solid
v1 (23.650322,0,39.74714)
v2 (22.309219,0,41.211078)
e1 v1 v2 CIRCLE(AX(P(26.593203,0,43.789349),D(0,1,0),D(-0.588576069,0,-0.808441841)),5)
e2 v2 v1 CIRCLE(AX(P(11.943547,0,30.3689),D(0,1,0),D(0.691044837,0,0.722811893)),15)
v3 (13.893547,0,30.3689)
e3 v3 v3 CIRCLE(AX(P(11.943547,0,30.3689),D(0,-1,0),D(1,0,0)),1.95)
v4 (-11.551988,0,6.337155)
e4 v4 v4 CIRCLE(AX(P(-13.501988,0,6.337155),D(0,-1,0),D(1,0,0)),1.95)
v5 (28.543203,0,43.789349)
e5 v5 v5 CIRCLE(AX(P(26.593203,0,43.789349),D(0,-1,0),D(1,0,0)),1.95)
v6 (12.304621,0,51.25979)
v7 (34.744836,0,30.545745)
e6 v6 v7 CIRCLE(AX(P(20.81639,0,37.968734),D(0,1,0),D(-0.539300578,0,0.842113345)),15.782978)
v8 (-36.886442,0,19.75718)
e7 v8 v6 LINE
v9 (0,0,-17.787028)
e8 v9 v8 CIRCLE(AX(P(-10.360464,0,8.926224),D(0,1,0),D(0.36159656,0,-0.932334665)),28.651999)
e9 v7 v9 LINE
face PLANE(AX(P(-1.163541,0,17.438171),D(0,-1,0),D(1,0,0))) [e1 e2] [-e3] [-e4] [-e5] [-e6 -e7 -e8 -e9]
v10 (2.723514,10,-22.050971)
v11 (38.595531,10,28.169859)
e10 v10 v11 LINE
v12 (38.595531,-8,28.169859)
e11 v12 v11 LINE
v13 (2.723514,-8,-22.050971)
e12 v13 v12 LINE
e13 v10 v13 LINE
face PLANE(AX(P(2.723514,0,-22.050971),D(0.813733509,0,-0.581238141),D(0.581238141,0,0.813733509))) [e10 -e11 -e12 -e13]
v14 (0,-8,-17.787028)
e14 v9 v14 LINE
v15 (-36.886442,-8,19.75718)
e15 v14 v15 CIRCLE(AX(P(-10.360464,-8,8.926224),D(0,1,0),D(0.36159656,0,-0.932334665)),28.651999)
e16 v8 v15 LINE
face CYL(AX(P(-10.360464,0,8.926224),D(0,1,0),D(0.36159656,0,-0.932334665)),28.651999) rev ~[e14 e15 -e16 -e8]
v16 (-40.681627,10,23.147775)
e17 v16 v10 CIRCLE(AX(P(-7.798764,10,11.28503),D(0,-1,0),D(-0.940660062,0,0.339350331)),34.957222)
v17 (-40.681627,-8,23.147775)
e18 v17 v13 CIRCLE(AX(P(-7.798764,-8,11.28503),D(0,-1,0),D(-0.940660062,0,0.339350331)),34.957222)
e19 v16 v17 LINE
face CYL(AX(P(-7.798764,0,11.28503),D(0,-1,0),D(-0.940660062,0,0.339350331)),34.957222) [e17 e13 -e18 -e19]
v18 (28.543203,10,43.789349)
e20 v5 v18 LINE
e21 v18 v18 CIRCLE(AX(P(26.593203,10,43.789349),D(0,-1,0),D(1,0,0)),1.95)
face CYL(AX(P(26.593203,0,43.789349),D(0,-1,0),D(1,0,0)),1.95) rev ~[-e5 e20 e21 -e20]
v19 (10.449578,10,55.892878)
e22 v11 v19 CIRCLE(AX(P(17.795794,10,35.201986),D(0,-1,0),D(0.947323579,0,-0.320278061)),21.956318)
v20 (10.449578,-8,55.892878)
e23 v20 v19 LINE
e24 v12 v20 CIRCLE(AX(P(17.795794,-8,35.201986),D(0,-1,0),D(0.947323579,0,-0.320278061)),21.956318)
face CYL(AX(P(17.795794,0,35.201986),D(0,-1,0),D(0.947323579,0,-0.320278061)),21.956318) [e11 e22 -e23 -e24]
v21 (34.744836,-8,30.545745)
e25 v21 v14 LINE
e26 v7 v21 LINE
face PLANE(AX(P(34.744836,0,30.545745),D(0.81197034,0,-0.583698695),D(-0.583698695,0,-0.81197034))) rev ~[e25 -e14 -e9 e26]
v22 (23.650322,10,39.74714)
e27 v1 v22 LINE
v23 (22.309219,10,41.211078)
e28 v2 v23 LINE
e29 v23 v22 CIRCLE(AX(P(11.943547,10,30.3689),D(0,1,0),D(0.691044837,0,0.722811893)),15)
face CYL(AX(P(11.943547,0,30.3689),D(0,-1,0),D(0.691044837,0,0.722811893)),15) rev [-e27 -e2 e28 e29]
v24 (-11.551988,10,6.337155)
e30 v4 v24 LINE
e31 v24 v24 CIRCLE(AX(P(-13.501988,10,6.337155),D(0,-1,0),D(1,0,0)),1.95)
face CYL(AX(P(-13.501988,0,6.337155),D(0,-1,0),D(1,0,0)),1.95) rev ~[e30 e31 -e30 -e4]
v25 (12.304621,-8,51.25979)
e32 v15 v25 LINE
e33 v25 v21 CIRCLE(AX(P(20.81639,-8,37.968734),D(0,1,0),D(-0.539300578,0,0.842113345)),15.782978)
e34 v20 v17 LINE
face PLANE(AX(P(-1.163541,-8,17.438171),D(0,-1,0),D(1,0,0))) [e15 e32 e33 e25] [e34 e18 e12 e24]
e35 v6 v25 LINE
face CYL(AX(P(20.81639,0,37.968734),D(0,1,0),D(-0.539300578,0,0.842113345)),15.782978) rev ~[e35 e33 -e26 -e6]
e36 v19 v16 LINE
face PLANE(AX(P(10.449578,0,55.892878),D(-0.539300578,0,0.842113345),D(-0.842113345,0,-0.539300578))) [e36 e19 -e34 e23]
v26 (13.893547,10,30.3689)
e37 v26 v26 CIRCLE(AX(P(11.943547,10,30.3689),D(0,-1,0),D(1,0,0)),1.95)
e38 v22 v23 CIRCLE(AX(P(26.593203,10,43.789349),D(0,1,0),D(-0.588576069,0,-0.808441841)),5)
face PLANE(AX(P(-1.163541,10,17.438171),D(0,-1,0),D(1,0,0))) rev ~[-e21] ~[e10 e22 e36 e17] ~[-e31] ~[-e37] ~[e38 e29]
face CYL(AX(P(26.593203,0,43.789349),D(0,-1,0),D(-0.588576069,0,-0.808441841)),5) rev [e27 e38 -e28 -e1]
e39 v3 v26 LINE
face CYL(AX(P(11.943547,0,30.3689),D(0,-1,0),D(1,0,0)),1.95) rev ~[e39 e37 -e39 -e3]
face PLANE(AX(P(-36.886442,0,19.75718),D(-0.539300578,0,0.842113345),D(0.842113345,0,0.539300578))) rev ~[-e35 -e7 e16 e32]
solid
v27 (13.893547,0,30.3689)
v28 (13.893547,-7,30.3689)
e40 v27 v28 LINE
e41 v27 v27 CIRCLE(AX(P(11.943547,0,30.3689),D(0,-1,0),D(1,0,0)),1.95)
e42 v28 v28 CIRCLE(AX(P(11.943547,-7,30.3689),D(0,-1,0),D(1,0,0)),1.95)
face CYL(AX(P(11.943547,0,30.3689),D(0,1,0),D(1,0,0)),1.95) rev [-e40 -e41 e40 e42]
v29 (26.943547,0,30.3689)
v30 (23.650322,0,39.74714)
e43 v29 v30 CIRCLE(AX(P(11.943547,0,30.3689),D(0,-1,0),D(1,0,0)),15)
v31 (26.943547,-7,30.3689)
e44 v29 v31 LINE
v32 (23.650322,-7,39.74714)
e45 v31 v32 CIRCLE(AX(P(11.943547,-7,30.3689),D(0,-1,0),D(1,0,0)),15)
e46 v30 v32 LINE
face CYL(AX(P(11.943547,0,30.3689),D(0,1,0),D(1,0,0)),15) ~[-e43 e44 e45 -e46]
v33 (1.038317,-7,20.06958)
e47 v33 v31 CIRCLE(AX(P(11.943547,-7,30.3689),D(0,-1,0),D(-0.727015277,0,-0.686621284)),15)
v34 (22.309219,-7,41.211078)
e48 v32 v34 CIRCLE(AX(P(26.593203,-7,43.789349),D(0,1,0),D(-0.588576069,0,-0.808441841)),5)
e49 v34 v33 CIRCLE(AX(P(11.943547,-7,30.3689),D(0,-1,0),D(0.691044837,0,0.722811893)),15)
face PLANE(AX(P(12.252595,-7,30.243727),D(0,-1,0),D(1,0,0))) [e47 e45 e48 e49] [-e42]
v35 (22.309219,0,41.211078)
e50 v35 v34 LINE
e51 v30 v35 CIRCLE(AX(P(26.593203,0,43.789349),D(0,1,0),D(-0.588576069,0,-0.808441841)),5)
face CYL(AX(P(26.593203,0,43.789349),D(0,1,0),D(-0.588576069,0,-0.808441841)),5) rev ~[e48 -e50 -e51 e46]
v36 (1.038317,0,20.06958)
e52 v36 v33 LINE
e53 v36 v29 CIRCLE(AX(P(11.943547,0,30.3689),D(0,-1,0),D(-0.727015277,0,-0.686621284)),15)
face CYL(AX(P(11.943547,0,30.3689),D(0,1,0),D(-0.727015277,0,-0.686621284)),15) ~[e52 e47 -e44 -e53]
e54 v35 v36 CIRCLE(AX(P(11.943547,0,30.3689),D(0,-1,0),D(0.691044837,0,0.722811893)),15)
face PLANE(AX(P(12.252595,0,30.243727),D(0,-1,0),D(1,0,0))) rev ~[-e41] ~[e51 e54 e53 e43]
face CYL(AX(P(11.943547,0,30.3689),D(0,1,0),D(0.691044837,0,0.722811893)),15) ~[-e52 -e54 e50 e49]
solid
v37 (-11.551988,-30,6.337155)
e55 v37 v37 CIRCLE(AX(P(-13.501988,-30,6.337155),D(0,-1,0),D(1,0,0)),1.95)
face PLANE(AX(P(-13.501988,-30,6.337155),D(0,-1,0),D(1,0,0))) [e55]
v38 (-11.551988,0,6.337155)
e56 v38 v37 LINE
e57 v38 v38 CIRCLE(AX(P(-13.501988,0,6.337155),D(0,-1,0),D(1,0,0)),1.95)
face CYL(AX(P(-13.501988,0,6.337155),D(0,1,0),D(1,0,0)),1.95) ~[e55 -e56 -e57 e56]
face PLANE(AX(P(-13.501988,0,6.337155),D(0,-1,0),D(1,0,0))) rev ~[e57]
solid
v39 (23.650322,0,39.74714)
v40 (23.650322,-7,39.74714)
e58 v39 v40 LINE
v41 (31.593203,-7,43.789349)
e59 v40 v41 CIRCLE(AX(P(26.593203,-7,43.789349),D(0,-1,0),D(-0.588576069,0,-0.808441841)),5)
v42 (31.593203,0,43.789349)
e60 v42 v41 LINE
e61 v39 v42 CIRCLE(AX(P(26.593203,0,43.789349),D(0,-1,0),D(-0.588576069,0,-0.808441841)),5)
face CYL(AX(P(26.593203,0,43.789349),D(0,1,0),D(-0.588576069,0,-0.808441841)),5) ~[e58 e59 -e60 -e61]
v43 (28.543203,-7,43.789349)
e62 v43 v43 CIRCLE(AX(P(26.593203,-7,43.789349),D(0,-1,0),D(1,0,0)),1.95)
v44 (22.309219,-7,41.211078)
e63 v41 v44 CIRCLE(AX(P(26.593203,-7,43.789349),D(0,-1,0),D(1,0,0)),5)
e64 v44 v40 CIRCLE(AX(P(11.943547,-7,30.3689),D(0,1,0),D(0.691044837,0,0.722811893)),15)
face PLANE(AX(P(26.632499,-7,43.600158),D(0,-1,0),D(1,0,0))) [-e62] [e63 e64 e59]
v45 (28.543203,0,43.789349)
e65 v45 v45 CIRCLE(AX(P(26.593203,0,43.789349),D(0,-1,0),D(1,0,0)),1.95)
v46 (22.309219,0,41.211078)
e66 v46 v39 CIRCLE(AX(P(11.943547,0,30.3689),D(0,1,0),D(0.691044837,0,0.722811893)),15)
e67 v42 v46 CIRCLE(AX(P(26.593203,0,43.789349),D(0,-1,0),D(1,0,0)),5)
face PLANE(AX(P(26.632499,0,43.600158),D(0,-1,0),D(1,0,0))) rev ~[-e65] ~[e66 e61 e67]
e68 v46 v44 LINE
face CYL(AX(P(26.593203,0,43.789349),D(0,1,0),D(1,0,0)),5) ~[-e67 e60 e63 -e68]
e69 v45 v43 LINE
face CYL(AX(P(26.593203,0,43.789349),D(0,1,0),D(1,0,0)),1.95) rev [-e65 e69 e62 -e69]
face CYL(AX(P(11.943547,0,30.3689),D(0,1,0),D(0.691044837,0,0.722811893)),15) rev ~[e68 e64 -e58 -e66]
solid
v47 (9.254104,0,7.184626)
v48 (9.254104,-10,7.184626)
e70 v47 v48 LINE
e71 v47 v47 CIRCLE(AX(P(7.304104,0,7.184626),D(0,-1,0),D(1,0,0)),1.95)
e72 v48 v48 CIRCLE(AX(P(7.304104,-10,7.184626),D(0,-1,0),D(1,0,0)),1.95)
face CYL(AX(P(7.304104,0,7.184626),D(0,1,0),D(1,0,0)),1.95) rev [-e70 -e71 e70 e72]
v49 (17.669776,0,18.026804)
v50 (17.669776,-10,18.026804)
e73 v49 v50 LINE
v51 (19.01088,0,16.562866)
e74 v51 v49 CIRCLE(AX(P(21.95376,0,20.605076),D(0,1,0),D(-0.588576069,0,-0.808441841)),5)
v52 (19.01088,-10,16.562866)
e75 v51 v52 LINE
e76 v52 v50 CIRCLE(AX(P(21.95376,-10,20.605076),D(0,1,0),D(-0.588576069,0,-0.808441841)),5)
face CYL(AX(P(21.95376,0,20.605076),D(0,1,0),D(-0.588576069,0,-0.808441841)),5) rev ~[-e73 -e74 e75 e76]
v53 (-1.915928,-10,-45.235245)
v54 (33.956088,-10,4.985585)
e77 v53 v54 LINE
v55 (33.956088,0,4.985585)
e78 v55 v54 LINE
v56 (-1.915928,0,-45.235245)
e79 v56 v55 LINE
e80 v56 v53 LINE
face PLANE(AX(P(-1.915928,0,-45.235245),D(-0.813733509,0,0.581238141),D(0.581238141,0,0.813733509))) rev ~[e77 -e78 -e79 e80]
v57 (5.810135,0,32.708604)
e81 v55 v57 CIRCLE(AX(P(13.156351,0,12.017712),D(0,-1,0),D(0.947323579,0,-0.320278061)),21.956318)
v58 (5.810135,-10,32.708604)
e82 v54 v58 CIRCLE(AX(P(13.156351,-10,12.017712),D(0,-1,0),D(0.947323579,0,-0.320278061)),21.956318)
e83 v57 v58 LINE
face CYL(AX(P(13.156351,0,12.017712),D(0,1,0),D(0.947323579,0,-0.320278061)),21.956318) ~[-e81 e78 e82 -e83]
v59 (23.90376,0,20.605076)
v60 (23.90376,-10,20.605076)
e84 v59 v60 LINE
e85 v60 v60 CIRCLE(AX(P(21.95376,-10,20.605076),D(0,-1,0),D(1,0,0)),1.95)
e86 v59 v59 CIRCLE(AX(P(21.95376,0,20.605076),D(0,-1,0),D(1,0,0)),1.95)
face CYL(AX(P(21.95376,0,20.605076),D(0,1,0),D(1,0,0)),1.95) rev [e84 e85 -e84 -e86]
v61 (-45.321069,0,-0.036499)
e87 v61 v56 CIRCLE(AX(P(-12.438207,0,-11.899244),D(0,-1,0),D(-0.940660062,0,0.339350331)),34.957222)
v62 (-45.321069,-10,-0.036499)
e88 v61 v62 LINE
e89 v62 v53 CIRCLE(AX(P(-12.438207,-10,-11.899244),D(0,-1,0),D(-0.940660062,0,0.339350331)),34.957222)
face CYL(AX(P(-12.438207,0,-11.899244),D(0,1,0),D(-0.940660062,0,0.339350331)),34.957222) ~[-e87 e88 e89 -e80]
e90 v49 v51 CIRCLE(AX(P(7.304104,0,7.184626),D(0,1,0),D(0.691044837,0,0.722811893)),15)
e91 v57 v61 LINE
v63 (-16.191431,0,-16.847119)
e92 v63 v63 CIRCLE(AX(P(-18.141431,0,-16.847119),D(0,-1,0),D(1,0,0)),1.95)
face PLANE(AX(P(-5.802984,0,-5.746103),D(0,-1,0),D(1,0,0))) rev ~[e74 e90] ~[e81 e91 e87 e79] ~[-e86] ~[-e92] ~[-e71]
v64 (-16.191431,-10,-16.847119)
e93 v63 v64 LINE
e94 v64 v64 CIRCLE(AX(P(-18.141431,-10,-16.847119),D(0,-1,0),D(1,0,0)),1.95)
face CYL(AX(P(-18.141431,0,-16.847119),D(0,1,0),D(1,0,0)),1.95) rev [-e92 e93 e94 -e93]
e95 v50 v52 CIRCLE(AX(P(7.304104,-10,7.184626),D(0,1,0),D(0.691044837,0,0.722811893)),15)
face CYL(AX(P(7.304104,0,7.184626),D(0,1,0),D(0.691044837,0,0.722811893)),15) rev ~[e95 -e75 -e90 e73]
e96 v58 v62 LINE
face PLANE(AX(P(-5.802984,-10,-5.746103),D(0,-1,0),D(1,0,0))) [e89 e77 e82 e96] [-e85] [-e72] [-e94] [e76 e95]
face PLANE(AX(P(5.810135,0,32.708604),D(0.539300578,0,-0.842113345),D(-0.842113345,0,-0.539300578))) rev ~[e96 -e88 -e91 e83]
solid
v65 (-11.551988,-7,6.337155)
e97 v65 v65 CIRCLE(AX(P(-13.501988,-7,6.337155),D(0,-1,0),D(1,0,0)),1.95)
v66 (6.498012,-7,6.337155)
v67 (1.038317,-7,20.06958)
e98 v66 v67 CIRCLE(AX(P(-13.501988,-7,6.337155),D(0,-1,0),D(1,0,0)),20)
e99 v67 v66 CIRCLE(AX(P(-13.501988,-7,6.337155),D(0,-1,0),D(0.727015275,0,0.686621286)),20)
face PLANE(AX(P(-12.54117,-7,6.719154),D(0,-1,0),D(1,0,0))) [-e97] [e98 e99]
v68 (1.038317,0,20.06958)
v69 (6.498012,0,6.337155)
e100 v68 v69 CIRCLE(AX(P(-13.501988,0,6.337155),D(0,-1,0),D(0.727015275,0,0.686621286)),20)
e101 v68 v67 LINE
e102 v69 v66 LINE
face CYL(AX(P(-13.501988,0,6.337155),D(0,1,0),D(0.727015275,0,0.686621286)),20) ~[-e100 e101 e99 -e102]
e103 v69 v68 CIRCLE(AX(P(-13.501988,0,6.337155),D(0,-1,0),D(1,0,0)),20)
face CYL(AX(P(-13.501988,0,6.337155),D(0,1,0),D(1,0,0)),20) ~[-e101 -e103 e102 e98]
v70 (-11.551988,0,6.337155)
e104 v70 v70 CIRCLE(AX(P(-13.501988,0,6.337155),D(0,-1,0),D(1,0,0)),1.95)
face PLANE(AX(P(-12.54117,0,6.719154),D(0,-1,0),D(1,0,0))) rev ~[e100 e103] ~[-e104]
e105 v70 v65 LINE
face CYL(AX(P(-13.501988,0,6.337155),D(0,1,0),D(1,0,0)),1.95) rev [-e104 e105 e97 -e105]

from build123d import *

# Parameters (mm, degrees)
F1_DEPTH = 8
F0_R     = 1.95
F2_DEPTH = 10
F3_R     = 1.95
F4_DEPTH = 10
F5_DEPTH = 30
F6_DEPTH = 7
F7_DEPTH = 7
F8_DEPTH = 7


with BuildPart() as f1:
    # F0 (on Front) → F1 (new body)
    with BuildSketch(Plane.XZ):
        with BuildLine():
            Line((10.4495781408, 55.8928779492), (-40.6816266477, 23.1477748603))
            ThreePointArc((-40.6816266477, 23.1477748603), (-33.0124627928, -12.9281223284), (2.7235143352, -22.0509711653))
            Line((2.7235143352, -22.0509711653), (38.5955311358, 28.1698592007))
            ThreePointArc((38.5955311358, 28.1698592007), (33.2032838752, 50.8445284722), (10.4495781408, 55.8928779492))
        make_face()
        with BuildLine():
            ThreePointArc((0, -17.7870281041), (-30.7987331987, -11.1539709039), (-36.8864415109, 19.7571795434))
            Line((-36.8864415109, 19.7571795434), (12.3046208173, 51.2597896159))
            ThreePointArc((12.3046208173, 51.2597896159), (31.5216693092, 49.5661200011), (34.74483639, 30.5457450449))
            Line((34.74483639, 30.5457450449), (0, -17.7870281041))
        make_face(mode=Mode.SUBTRACT)
    extrude(amount=F1_DEPTH)

    # F0 (on Front) → F2 (join)
    with BuildSketch(Plane.XZ):
        with BuildLine():
            Line((10.4495781408, 55.8928779492), (-40.6816266477, 23.1477748603))
            ThreePointArc((-40.6816266477, 23.1477748603), (-33.0124627928, -12.9281223284), (2.7235143352, -22.0509711653))
            Line((2.7235143352, -22.0509711653), (38.5955311358, 28.1698592007))
            ThreePointArc((38.5955311358, 28.1698592007), (33.2032838752, 50.8445284722), (10.4495781408, 55.8928779492))
        make_face()
        with BuildLine():
            ThreePointArc((0, -17.7870281041), (-30.7987331987, -11.1539709039), (-36.8864415109, 19.7571795434))
            Line((-36.8864415109, 19.7571795434), (12.3046208173, 51.2597896159))
            ThreePointArc((12.3046208173, 51.2597896159), (31.5216693092, 49.5661200011), (34.74483639, 30.5457450449))
            Line((34.74483639, 30.5457450449), (0, -17.7870281041))
        make_face(mode=Mode.SUBTRACT)
        with BuildLine():
            Line((12.3046208173, 51.2597896159), (-36.8864415109, 19.7571795434))
            ThreePointArc((-36.8864415109, 19.7571795434), (-30.7987331987, -11.1539709039), (0, -17.7870281041))
            Line((0, -17.7870281041), (34.74483639, 30.5457450449))
            ThreePointArc((34.74483639, 30.5457450449), (31.5216693092, 49.5661200011), (12.3046208173, 51.2597896159))
        make_face()
        with BuildLine():
            ThreePointArc((6.4980118465, 6.3371546272), (-32.0870104837, -1.0518199286), (1.0383173479, 20.0695803388))
            ThreePointArc((1.0383173479, 20.0695803388), (5.0830341767, 13.7261291829), (6.4980118465, 6.3371546272))
        make_face(mode=Mode.SUBTRACT)
        with BuildLine():
            ThreePointArc((22.3092190592, 41.2110779919), (25.2552786482, 48.6070210465), (31.5932027251, 43.7893494964))
            ThreePointArc((31.5932027251, 43.7893494964), (28.8609767731, 39.3332075701), (23.6503223783, 39.7471402904))
            ThreePointArc((23.6503223783, 39.7471402904), (26.0963136897, 35.338726645), (26.9435465019, 30.368899593))
            ThreePointArc((26.9435465019, 30.368899593), (17.4852773998, 16.4301328378), (1.0383173479, 20.0695803388))
            ThreePointArc((1.0383173479, 20.0695803388), (1.3693557014, 41.0078134903), (22.3092190592, 41.2110779919))
        make_face(mode=Mode.SUBTRACT)
        with BuildLine():
            ThreePointArc((23.6503223783, 39.7471402904), (22.9063789887, 40.4118754791), (22.3092190592, 41.2110779919))
            ThreePointArc((22.3092190592, 41.2110779919), (1.3693557014, 41.0078134903), (1.0383173479, 20.0695803388))
            ThreePointArc((1.0383173479, 20.0695803388), (17.4852773998, 16.4301328378), (26.9435465019, 30.368899593))
            ThreePointArc((26.9435465019, 30.368899593), (26.0963136897, 35.338726645), (23.6503223783, 39.7471402904))
        make_face()
        with Locations((11.9435465019, 30.368899593)):
            Circle(F0_R, mode=Mode.SUBTRACT)
        with BuildLine():
            ThreePointArc((6.4980118465, 6.3371546272), (5.0830341767, 13.7261291829), (1.0383173479, 20.0695803388))
            ThreePointArc((1.0383173479, 20.0695803388), (-32.0870104837, -1.0518199286), (6.4980118465, 6.3371546272))
        make_face()
        with Locations((-13.5019881535, 6.3371546272)):
            Circle(F0_R, mode=Mode.SUBTRACT)
        with BuildLine():
            ThreePointArc((23.6503223783, 39.7471402904), (28.8609767731, 39.3332075701), (31.5932027251, 43.7893494964))
            ThreePointArc((31.5932027251, 43.7893494964), (25.2552786482, 48.6070210465), (22.3092190592, 41.2110779919))
            ThreePointArc((22.3092190592, 41.2110779919), (23.0040177108, 40.5013216448), (23.6503223783, 39.7471402904))
        make_face()
        with Locations((26.5932027251, 43.7893494964)):
            Circle(F0_R, mode=Mode.SUBTRACT)
    extrude(amount=-F2_DEPTH)


with BuildPart() as f4:
    # F3 (on Front) → F4 (new body)
    with BuildSketch(Plane.XZ):
        with BuildLine():
            Line((5.8101353426, 32.7086040703), (-45.321069446, -0.0364990186))
            ThreePointArc((-45.321069446, -0.0364990186), (-37.6519055911, -36.1123962072), (-1.915928463, -45.2352450442))
            Line((-1.915928463, -45.2352450442), (33.9560883375, 4.9855853219))
            ThreePointArc((33.9560883375, 4.9855853219), (28.563841077, 27.6602545933), (5.8101353426, 32.7086040703))
        make_face()
        with BuildLine():
            ThreePointArc((-4.6394427983, -40.9713019829), (-35.438175997, -34.3382447827), (-41.5258843092, -3.4270943355))
            Line((-41.5258843092, -3.4270943355), (7.665178019, 28.075515737))
            ThreePointArc((7.665178019, 28.075515737), (26.8822265109, 26.3818461222), (30.1053935917, 7.3614711661))
            Line((30.1053935917, 7.3614711661), (-4.6394427983, -40.9713019829))
        make_face(mode=Mode.SUBTRACT)
        with BuildLine():
            Line((7.665178019, 28.075515737), (-41.5258843092, -3.4270943355))
            ThreePointArc((-41.5258843092, -3.4270943355), (-35.438175997, -34.3382447827), (-4.6394427983, -40.9713019829))
            Line((-4.6394427983, -40.9713019829), (30.1053935917, 7.3614711661))
            ThreePointArc((30.1053935917, 7.3614711661), (26.8822265109, 26.3818461222), (7.665178019, 28.075515737))
        make_face()
        with BuildLine():
            ThreePointArc((1.8585690482, -16.8471192517), (-36.7264532433, -24.2360939047), (-3.6011255941, -3.1146933879))
            ThreePointArc((-3.6011255941, -3.1146933879), (0.4435913397, -9.4581445987), (1.8585690482, -16.8471192517))
        make_face(mode=Mode.SUBTRACT)
        with BuildLine():
            ThreePointArc((17.6697762609, 18.026804113), (20.6158358499, 25.4227471676), (26.9537599268, 20.6050756175))
            ThreePointArc((26.9537599268, 20.6050756175), (24.2215339748, 16.1489336913), (19.01087958, 16.5628664116))
            ThreePointArc((19.01087958, 16.5628664116), (21.4568708914, 12.1544527661), (22.3041037036, 7.1846257141))
            ThreePointArc((22.3041037036, 7.1846257141), (12.8458345043, -6.7541410797), (-3.6011255941, -3.1146933879))
            ThreePointArc((-3.6011255941, -3.1146933879), (-3.2700870226, 17.8235396853), (17.6697762609, 18.026804113))
        make_face(mode=Mode.SUBTRACT)
        with BuildLine():
            ThreePointArc((1.8585690482, -16.8471192517), (0.4435913397, -9.4581445987), (-3.6011255941, -3.1146933879))
            ThreePointArc((-3.6011255941, -3.1146933879), (-36.7264532433, -24.2360939047), (1.8585690482, -16.8471192517))
        make_face()
        with Locations((-18.1414309518, -16.8471192517)):
            Circle(F3_R, mode=Mode.SUBTRACT)
        with BuildLine():
            ThreePointArc((19.01087958, 16.5628664116), (18.2669361905, 17.2276016002), (17.6697762609, 18.026804113))
            ThreePointArc((17.6697762609, 18.026804113), (-3.2700870226, 17.8235396853), (-3.6011255941, -3.1146933879))
            ThreePointArc((-3.6011255941, -3.1146933879), (12.8458345043, -6.7541410797), (22.3041037036, 7.1846257141))
            ThreePointArc((22.3041037036, 7.1846257141), (21.4568708914, 12.1544527661), (19.01087958, 16.5628664116))
        make_face()
        with Locations((7.3041037036, 7.1846257141)):
            Circle(F3_R, mode=Mode.SUBTRACT)
        with BuildLine():
            ThreePointArc((19.01087958, 16.5628664116), (24.2215339748, 16.1489336913), (26.9537599268, 20.6050756175))
            ThreePointArc((26.9537599268, 20.6050756175), (20.6158358499, 25.4227471676), (17.6697762609, 18.026804113))
            ThreePointArc((17.6697762609, 18.026804113), (18.3645749125, 17.3170477659), (19.01087958, 16.5628664116))
        make_face()
        with Locations((21.9537599268, 20.6050756175)):
            Circle(F3_R, mode=Mode.SUBTRACT)
    extrude(amount=F4_DEPTH)


with BuildPart() as f5:
    # F0 (on Front) → F5 (new body)
    with BuildSketch(Plane.XZ):
        with Locations((-13.5019881535, 6.3371546272)):
            Circle(F0_R)
    extrude(amount=F5_DEPTH)


with BuildPart() as f6:
    # F0 (on Front) → F6 (new body)
    with BuildSketch(Plane.XZ):
        with BuildLine():
            ThreePointArc((6.4980118465, 6.3371546272), (5.0830341767, 13.7261291829), (1.0383173479, 20.0695803388))
            ThreePointArc((1.0383173479, 20.0695803388), (-32.0870104837, -1.0518199286), (6.4980118465, 6.3371546272))
        make_face()
        with Locations((-13.5019881535, 6.3371546272)):
            Circle(F0_R, mode=Mode.SUBTRACT)
    extrude(amount=F6_DEPTH)


with BuildPart() as f7:
    # F0 (on Front) → F7 (new body)
    with BuildSketch(Plane.XZ):
        with BuildLine():
            ThreePointArc((23.6503223783, 39.7471402904), (22.9063789887, 40.4118754791), (22.3092190592, 41.2110779919))
            ThreePointArc((22.3092190592, 41.2110779919), (1.3693557014, 41.0078134903), (1.0383173479, 20.0695803388))
            ThreePointArc((1.0383173479, 20.0695803388), (17.4852773998, 16.4301328378), (26.9435465019, 30.368899593))
            ThreePointArc((26.9435465019, 30.368899593), (26.0963136897, 35.338726645), (23.6503223783, 39.7471402904))
        make_face()
        with Locations((11.9435465019, 30.368899593)):
            Circle(F0_R, mode=Mode.SUBTRACT)
    extrude(amount=F7_DEPTH)


with BuildPart() as f8:
    # F0 (on Front) → F8 (new body)
    with BuildSketch(Plane.XZ):
        with BuildLine():
            ThreePointArc((23.6503223783, 39.7471402904), (28.8609767731, 39.3332075701), (31.5932027251, 43.7893494964))
            ThreePointArc((31.5932027251, 43.7893494964), (25.2552786482, 48.6070210465), (22.3092190592, 41.2110779919))
            ThreePointArc((22.3092190592, 41.2110779919), (23.0040177108, 40.5013216448), (23.6503223783, 39.7471402904))
        make_face()
        with Locations((26.5932027251, 43.7893494964)):
            Circle(F0_R, mode=Mode.SUBTRACT)
    extrude(amount=F8_DEPTH)


solid = Compound([f1.part, f4.part, f5.part, f6.part, f7.part, f8.part])
